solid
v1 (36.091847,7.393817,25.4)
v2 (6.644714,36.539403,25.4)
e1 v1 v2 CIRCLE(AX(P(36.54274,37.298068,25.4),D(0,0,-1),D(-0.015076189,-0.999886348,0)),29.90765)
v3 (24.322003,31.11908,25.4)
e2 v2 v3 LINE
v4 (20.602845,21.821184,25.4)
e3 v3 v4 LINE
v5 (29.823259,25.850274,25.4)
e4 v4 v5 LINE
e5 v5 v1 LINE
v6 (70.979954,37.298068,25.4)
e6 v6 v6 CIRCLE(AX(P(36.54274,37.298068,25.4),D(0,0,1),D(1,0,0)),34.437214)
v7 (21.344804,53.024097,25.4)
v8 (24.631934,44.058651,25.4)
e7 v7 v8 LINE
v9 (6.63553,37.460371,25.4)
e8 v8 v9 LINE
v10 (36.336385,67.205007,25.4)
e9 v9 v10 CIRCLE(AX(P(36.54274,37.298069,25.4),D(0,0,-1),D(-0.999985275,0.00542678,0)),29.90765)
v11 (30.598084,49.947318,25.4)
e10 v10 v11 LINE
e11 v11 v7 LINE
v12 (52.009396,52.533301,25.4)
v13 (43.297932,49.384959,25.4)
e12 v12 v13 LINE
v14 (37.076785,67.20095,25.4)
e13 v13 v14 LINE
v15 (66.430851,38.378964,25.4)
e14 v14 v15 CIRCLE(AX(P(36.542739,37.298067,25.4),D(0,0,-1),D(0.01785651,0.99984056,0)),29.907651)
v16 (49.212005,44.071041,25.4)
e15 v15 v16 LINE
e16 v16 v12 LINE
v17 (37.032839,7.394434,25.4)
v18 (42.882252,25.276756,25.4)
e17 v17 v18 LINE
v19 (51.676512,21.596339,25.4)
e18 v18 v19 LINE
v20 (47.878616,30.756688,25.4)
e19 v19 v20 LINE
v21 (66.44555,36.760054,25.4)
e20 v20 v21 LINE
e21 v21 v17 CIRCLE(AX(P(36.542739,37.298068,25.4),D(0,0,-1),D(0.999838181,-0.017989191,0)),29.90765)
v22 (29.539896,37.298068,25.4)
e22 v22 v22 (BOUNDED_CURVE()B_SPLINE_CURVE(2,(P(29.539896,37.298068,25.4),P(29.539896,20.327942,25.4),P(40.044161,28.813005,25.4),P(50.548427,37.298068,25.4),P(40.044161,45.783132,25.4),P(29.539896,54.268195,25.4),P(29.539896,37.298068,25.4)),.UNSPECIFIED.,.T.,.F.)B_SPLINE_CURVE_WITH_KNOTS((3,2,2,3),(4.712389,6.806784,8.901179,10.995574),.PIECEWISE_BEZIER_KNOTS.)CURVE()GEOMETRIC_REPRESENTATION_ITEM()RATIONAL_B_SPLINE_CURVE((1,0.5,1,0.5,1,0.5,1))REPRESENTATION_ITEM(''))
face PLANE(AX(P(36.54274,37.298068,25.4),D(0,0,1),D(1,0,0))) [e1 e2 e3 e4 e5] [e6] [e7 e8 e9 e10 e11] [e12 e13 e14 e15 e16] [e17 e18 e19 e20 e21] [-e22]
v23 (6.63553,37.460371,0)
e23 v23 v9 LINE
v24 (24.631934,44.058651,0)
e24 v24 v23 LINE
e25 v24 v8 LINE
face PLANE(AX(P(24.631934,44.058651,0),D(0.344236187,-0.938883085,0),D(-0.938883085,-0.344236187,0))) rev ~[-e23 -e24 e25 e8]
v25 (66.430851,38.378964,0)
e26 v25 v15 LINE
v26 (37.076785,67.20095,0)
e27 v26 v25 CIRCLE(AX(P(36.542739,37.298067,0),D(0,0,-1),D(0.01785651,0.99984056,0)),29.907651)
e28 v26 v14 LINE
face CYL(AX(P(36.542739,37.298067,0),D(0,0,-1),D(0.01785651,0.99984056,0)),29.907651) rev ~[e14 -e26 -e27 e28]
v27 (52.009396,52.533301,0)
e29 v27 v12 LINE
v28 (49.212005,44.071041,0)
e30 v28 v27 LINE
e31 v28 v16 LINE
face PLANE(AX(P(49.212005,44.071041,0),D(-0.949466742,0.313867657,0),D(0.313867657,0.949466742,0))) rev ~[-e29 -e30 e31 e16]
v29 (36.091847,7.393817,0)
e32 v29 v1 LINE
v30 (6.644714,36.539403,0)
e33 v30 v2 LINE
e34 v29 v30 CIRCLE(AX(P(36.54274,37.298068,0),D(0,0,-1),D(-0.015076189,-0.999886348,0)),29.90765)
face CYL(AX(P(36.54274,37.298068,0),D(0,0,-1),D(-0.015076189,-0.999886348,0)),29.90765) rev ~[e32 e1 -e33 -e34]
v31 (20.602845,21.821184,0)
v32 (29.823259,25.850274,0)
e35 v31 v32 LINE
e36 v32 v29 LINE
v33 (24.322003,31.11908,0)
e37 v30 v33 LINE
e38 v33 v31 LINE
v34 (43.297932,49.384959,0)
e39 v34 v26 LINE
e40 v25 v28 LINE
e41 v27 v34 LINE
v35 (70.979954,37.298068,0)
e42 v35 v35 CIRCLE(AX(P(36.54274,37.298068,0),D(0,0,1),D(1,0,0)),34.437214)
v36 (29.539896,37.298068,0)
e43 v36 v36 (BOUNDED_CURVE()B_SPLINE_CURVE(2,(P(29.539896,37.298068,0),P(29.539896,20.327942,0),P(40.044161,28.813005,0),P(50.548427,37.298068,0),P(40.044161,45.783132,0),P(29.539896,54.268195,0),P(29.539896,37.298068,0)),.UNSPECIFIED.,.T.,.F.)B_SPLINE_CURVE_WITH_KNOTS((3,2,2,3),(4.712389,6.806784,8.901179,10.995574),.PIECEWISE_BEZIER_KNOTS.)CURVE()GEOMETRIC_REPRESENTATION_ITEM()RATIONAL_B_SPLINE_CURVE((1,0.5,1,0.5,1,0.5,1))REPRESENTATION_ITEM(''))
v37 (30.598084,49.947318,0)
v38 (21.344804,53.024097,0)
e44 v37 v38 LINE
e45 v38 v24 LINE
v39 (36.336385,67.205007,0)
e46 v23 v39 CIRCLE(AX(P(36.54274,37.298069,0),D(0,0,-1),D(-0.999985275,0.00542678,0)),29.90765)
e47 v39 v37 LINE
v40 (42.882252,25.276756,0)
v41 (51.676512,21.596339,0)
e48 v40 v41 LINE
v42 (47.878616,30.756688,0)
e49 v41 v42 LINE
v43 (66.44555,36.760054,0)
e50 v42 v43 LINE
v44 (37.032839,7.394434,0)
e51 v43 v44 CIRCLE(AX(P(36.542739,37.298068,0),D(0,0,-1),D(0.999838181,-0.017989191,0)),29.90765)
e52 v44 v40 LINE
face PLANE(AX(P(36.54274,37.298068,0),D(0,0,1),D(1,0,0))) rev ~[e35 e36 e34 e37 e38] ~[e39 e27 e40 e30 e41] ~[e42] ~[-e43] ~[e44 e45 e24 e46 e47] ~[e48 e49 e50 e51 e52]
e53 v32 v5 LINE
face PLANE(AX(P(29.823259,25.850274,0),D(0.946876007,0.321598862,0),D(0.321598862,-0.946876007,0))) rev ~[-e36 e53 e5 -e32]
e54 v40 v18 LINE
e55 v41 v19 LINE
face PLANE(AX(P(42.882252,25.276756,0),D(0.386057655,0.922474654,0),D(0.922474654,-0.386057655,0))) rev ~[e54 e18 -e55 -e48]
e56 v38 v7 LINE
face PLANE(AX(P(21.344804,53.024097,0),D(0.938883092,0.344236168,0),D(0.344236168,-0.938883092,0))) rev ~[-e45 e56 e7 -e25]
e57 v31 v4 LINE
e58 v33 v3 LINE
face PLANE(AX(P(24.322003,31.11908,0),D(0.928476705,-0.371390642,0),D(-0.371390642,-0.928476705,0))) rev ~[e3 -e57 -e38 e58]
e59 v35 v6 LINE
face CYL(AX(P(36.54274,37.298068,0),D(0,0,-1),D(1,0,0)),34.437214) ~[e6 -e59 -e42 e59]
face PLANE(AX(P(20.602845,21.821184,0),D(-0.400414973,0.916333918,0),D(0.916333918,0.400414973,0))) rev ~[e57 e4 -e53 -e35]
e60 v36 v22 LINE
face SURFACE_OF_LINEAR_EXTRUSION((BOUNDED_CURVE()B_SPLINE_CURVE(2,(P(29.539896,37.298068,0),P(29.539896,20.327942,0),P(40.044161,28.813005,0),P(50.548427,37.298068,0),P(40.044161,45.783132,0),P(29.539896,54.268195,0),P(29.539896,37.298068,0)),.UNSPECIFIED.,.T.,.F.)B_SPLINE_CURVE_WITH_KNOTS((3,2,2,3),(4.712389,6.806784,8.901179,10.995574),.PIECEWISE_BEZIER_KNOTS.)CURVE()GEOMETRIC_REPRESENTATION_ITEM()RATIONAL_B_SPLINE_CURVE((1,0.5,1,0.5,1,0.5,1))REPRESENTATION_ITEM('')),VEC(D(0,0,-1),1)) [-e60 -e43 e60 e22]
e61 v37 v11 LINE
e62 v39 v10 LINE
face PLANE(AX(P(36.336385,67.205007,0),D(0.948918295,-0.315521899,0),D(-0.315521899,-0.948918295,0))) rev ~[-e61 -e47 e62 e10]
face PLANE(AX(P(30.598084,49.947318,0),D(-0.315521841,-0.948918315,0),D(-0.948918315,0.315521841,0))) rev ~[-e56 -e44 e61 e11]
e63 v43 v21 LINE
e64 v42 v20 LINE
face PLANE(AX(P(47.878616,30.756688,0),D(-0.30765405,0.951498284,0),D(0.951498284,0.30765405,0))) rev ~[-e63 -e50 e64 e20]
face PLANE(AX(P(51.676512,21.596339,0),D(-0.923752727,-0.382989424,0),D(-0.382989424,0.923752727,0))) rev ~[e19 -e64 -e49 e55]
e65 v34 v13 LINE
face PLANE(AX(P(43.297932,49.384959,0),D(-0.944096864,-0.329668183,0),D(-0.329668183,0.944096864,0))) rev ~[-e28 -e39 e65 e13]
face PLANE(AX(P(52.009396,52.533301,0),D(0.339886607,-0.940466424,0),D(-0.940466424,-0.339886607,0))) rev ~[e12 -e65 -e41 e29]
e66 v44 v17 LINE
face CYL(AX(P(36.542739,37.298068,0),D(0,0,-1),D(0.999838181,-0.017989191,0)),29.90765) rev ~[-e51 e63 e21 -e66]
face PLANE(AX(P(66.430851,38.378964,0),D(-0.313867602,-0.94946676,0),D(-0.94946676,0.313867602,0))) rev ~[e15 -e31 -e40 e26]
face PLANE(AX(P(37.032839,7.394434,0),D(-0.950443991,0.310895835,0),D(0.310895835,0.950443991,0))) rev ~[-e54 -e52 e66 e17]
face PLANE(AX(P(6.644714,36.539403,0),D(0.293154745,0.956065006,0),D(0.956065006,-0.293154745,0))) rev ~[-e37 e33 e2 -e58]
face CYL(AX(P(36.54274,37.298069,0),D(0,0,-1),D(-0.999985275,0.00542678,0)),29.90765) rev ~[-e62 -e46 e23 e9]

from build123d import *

# Parameters (mm, degrees)
F0_R     = 34.437214
F1_DEPTH = 25.4


with BuildPart() as f1:
    # F0 (on Top) → F1 (new body)
    with BuildSketch(Plane.XY):
        with Locations((36.54274, 37.298068)):
            Circle(F0_R)
        with BuildLine():
            ThreePointArc((36.091847, 7.393817), (15.503954, 16.04161), (6.644714, 36.539403))
            Line((6.644714, 36.539403), (24.322003, 31.11908))
            Line((24.322003, 31.11908), (20.602845, 21.821184))
            Line((20.602845, 21.821184), (29.823259, 25.850274))
            Line((29.823259, 25.850274), (36.091847, 7.393817))
        make_face(mode=Mode.SUBTRACT)
        with BuildLine():
            ThreePointArc((66.44555, 36.760054), (57.673692, 16.13323), (37.032839, 7.394434))
            Line((37.032839, 7.394434), (42.882252, 25.276756))
            Line((42.882252, 25.276756), (51.676512, 21.596339))
            Line((51.676512, 21.596339), (47.878616, 30.756688))
            Line((47.878616, 30.756688), (66.44555, 36.760054))
        make_face(mode=Mode.SUBTRACT)
        with BuildLine():
            ThreePointArc((6.63553, 37.460371), (15.379268, 58.43039), (36.336385, 67.205007))
            Line((36.336385, 67.205007), (30.598084, 49.947318))
            Line((30.598084, 49.947318), (21.344804, 53.024097))
            Line((21.344804, 53.024097), (24.631934, 44.058651))
            Line((24.631934, 44.058651), (6.63553, 37.460371))
        make_face(mode=Mode.SUBTRACT)
        with BuildLine():
            add(Edge.make_bspline(
                [(29.539896, 37.298068), (29.539896, 20.327942), (40.044161, 28.813005), (50.548427, 37.298068), (40.044161, 45.783132), (29.539896, 54.268195), (29.539896, 37.298068)],
                knots=[4.712389, 4.712389, 4.712389, 6.806784, 6.806784, 8.901179, 8.901179, 10.995574, 10.995574, 10.995574], degree=2, weights=[1, 0.5, 1, 0.5, 1, 0.5, 1]))
        make_face(mode=Mode.SUBTRACT)
        with BuildLine():
            ThreePointArc((37.076785, 67.20095), (57.496346, 58.638497), (66.430851, 38.378964))
            Line((66.430851, 38.378964), (49.212005, 44.071041))
            Line((49.212005, 44.071041), (52.009396, 52.533301))
            Line((52.009396, 52.533301), (43.297932, 49.384959))
            Line((43.297932, 49.384959), (37.076785, 67.20095))
        make_face(mode=Mode.SUBTRACT)
    extrude(amount=F1_DEPTH)


solid = f1.part
